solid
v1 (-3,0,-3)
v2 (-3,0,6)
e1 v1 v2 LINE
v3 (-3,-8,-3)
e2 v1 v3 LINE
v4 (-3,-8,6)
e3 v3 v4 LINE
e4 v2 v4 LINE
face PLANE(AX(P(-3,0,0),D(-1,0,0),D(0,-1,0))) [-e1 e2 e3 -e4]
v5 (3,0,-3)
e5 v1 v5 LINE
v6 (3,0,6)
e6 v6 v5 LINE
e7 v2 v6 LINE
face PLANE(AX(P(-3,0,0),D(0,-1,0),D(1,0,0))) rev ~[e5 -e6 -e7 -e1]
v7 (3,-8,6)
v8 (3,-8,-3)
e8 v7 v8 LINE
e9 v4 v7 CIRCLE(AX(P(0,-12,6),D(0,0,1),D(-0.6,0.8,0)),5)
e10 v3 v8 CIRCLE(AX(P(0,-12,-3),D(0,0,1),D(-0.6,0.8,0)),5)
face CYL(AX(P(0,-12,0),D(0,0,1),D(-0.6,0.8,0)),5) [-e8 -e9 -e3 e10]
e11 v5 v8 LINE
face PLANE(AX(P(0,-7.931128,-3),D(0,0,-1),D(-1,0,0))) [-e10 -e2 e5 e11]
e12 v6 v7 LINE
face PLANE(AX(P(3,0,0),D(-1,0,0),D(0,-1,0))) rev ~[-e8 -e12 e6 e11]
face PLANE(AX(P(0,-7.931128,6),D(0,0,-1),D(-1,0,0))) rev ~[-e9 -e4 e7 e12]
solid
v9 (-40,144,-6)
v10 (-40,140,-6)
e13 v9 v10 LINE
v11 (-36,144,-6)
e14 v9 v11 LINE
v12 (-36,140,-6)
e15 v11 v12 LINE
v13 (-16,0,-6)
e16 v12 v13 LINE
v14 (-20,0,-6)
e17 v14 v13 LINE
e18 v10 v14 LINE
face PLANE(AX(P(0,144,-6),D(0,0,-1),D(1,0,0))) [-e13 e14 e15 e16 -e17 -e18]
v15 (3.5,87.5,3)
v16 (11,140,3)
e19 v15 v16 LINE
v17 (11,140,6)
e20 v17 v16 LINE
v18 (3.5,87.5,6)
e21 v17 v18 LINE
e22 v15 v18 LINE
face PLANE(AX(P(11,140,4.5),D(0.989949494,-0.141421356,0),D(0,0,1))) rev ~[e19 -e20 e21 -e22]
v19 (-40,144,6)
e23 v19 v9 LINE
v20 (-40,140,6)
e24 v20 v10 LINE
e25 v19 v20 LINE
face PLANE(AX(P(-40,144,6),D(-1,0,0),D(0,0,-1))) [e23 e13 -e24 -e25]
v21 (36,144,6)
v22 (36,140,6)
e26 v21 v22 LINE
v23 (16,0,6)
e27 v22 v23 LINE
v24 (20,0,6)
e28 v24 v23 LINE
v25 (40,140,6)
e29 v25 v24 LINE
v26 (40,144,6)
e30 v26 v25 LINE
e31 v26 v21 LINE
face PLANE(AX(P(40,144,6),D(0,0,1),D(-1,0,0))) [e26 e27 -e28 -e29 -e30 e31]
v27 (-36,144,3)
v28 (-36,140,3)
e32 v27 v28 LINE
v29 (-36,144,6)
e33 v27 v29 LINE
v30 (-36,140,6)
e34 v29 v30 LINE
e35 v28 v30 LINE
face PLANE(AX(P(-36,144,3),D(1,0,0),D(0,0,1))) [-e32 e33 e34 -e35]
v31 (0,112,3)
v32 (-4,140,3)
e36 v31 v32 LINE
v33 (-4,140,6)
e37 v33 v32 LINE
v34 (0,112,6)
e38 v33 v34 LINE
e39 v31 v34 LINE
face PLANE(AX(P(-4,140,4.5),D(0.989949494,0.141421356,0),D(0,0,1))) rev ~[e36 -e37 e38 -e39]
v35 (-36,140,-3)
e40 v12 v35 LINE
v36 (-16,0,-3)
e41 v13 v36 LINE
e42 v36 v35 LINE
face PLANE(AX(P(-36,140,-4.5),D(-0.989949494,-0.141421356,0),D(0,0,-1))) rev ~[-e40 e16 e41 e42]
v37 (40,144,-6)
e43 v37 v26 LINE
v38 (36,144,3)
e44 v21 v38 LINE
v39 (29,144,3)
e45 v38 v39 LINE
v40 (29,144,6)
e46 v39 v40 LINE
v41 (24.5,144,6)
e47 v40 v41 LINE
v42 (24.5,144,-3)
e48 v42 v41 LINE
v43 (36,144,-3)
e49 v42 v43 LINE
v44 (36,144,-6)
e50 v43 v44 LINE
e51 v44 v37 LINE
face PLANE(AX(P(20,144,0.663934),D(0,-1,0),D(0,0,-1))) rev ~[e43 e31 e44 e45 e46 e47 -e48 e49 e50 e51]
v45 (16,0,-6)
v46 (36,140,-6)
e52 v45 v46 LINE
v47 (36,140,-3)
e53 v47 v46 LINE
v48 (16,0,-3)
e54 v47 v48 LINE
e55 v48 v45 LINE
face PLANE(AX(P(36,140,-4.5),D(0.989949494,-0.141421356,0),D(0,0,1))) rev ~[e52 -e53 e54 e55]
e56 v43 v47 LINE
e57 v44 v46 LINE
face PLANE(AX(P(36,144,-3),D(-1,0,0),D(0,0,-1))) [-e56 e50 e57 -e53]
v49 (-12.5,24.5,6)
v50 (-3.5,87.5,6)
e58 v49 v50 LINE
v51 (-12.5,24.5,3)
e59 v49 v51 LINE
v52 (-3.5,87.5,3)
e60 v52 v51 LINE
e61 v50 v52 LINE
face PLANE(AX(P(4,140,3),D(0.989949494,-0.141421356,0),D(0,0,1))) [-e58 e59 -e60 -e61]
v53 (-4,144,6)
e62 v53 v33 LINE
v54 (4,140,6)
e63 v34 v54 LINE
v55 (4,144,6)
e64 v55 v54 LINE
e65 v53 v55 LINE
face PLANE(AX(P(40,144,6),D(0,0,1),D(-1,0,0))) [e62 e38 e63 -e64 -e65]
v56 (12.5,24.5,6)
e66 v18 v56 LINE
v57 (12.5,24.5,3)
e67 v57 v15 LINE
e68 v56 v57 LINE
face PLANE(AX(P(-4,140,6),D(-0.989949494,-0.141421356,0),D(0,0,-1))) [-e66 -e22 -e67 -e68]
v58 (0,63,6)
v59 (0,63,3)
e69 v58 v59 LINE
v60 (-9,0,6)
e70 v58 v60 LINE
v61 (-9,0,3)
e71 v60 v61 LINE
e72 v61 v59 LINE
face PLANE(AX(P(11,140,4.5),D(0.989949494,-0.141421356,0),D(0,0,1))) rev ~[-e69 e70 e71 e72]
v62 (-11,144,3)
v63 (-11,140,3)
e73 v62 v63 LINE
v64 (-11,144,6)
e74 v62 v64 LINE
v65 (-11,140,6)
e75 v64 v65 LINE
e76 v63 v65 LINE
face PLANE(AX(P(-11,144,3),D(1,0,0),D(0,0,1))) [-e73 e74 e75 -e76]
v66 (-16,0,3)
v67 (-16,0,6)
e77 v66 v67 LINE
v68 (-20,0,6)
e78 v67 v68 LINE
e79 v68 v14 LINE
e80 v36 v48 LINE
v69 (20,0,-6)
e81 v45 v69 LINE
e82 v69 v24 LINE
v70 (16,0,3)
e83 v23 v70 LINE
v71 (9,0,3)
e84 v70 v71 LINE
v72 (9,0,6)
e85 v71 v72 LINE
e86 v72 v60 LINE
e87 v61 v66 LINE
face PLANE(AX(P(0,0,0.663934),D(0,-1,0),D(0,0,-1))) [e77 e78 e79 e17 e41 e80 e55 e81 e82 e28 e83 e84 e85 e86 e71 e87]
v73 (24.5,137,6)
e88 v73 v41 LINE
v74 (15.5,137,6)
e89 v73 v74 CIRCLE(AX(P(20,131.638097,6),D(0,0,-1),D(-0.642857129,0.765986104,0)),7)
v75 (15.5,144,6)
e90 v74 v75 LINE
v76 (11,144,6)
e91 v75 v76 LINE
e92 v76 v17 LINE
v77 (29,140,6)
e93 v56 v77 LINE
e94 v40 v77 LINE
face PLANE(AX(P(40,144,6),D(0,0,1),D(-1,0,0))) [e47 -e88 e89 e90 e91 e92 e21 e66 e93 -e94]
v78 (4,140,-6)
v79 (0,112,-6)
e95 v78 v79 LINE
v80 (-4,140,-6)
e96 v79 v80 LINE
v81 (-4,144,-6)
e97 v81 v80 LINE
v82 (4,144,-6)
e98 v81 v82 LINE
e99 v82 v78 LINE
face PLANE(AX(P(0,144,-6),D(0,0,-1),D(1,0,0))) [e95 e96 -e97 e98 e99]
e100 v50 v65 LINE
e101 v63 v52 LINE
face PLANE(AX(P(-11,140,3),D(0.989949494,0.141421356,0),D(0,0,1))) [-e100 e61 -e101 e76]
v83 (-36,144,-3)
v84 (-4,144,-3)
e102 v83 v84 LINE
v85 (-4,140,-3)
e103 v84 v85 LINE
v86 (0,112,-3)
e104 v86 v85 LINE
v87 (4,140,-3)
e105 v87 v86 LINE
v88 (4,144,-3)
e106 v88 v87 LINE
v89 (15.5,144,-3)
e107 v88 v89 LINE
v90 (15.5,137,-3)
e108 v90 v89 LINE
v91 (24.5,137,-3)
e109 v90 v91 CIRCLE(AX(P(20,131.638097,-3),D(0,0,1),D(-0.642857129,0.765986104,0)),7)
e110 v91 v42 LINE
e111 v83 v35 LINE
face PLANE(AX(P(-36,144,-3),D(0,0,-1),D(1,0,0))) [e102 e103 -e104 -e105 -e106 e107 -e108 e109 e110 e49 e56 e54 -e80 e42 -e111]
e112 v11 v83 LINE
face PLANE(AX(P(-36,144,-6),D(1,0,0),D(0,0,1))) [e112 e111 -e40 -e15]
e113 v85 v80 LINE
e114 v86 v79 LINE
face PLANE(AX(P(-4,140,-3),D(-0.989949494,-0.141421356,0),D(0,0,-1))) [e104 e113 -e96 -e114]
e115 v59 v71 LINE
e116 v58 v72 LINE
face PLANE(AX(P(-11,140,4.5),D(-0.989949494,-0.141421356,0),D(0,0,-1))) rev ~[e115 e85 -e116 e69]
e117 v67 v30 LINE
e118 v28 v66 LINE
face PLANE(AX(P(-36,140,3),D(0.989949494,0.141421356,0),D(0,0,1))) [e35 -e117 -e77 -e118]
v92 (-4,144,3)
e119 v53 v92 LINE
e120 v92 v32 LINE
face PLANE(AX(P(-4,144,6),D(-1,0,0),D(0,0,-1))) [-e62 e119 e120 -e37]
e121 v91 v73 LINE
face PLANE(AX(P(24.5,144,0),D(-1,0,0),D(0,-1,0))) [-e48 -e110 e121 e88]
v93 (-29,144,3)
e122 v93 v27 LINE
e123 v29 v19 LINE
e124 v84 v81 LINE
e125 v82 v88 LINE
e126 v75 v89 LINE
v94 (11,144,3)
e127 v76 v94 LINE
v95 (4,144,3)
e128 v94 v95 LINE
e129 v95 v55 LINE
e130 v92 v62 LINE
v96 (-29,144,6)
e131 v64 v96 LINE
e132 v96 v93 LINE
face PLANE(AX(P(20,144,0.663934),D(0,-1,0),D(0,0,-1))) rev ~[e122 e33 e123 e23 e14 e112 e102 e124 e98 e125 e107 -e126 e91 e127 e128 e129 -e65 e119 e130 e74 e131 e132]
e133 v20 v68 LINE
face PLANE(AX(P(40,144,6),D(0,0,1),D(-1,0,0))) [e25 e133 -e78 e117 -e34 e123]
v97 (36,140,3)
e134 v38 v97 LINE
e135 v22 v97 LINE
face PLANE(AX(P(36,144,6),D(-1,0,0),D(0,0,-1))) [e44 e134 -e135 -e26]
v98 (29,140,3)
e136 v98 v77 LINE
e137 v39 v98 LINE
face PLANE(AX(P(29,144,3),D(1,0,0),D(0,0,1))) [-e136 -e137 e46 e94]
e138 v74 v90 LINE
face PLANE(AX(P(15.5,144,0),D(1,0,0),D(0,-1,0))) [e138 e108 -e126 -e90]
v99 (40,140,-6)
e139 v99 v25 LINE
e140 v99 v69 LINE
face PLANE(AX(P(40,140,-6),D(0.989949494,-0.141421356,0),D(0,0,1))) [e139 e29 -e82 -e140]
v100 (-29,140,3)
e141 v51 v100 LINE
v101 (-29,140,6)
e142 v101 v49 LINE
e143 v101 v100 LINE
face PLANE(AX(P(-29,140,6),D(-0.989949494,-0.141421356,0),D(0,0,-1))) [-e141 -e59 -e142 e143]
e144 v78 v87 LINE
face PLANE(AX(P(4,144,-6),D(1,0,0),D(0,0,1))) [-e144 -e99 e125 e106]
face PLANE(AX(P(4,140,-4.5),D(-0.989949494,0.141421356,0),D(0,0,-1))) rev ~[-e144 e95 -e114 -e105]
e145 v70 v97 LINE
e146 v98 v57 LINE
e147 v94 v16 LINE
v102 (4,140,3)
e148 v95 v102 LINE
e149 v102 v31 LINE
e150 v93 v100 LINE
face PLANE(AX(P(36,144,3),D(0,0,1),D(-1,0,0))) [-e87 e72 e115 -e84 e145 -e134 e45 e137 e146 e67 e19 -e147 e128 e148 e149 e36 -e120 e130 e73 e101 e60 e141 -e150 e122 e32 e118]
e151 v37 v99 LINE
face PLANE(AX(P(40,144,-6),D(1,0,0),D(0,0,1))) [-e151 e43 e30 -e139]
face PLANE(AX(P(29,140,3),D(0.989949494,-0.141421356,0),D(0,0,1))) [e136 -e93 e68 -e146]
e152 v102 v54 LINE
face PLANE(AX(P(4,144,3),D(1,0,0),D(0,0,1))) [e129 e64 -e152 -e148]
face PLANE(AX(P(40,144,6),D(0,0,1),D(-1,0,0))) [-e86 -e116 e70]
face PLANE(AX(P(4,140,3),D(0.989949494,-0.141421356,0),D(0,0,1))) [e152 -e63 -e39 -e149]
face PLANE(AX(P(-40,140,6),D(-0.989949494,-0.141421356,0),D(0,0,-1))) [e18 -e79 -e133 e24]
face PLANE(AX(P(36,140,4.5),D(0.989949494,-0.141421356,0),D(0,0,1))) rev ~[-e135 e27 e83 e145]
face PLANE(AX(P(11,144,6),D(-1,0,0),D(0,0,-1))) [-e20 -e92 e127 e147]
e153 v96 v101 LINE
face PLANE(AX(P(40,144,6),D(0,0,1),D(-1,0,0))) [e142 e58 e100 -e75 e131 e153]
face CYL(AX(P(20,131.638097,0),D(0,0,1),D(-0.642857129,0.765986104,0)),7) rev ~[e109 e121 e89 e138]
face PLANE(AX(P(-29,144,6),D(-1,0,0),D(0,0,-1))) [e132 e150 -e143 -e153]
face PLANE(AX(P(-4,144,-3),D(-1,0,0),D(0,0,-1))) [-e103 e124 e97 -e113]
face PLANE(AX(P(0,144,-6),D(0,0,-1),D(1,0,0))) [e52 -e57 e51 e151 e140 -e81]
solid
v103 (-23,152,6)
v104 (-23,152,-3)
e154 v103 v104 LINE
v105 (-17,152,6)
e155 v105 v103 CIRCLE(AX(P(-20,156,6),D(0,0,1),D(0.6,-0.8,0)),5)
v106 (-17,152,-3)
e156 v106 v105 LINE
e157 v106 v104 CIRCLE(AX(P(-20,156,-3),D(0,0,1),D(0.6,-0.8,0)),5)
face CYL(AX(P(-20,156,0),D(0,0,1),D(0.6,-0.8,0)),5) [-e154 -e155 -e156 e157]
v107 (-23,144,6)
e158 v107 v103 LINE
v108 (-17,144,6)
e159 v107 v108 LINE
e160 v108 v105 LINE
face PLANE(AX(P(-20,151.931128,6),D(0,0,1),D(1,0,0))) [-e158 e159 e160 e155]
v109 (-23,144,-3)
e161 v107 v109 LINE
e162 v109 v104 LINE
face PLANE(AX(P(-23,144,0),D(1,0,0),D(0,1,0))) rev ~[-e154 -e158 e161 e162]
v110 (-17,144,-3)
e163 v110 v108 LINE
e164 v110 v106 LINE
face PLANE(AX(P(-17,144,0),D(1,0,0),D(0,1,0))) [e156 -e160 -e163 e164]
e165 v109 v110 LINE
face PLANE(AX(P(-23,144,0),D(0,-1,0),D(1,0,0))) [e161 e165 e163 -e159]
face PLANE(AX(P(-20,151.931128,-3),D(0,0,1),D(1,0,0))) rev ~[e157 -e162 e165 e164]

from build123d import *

# Parameters (mm, degrees)
SKETCH004_W       = 32
SKETCH004_H       = 3
SKETCH005_W       = 7
SKETCH005_H       = 3
SKETCH006_W       = 7
SKETCH006_H       = 3
POCKET_DEPTH      = 6.001
POCKET_DEPTH_BACK = -6.001
PAD001_DEPTH      = 6
PAD001_DEPTH_BACK = 3
PAD_DEPTH         = 6
PAD_DEPTH_BACK    = 3


with BuildPart() as body:
    # AdditivePipe: sweep along a path in Sketch
    with BuildLine(Plane.XY) as additivepipe_path:
        Line((-20, 144), (-20, 140))
        Line((-20, 140), (0, 0))
    # Sketch002 → AdditivePipe (sweep)
    with BuildSketch(Plane.XZ):
        Polygon((-20, 6), (-20, -6), (-16, -6), (-16, -3), (-9, -3), (9, -3), (16, -3), (16, -6), (20, -6), (20, 6), (16, 6), (16, 3), (9, 3), (9, 6), (-9, 6), (-9, 3), (-16, 3), (-16, 6), align=None)
    sweep(path=additivepipe_path.line)

    # AdditivePipe001: sweep along a path in Sketch001
    with BuildLine(Plane.XY) as additivepipe001_path:
        Line((20, 144), (20, 140))
        Line((20, 140), (0, 0))
    # Sketch002 → AdditivePipe001 (sweep)
    with BuildSketch(Plane.XZ):
        Polygon((-20, 6), (-20, -6), (-16, -6), (-16, -3), (-9, -3), (9, -3), (16, -3), (16, -6), (20, -6), (20, 6), (16, 6), (16, 3), (9, 3), (9, 6), (-9, 6), (-9, 3), (-16, 3), (-16, 6), align=None)
    sweep(path=additivepipe001_path.line)

    # SubtractivePipe: sweep along a path in Sketch
    with BuildLine(Plane.XY) as subtractivepipe_path:
        Line((-20, 144), (-20, 140))
        Line((-20, 140), (0, 0))
    # Sketch004 → SubtractivePipe (sweep, cut)
    with BuildSketch(Plane.XZ):
        with Locations((0, -4.5)):
            Rectangle(SKETCH004_W, SKETCH004_H)
    sweep(path=subtractivepipe_path.line, mode=Mode.SUBTRACT)

    # SubtractivePipe001: sweep along a path in Sketch001
    with BuildLine(Plane.XY) as subtractivepipe001_path:
        Line((20, 144), (20, 140))
        Line((20, 140), (0, 0))
    # Sketch004 → SubtractivePipe001 (sweep, cut)
    with BuildSketch(Plane.XZ):
        with Locations((0, -4.5)):
            Rectangle(SKETCH004_W, SKETCH004_H)
    sweep(path=subtractivepipe001_path.line, mode=Mode.SUBTRACT)

    # SubtractivePipe002: sweep along a path in Sketch
    with BuildLine(Plane.XY) as subtractivepipe002_path:
        Line((-20, 144), (-20, 140))
        Line((-20, 140), (0, 0))
    # Sketch005 → SubtractivePipe002 (sweep, cut)
    with BuildSketch(Plane.XZ):
        with Locations((-12.5, 4.5)):
            Rectangle(SKETCH005_W, SKETCH005_H)
    sweep(path=subtractivepipe002_path.line, mode=Mode.SUBTRACT)

    # SubtractivePipe003: sweep along a path in Sketch001
    with BuildLine(Plane.XY) as subtractivepipe003_path:
        Line((20, 144), (20, 140))
        Line((20, 140), (0, 0))
    # Sketch005 → SubtractivePipe003 (sweep, cut)
    with BuildSketch(Plane.XZ):
        with Locations((-12.5, 4.5)):
            Rectangle(SKETCH005_W, SKETCH005_H)
    sweep(path=subtractivepipe003_path.line, mode=Mode.SUBTRACT)

    # SubtractivePipe004: sweep along a path in Sketch
    with BuildLine(Plane.XY) as subtractivepipe004_path:
        Line((-20, 144), (-20, 140))
        Line((-20, 140), (0, 0))
    # Sketch006 → SubtractivePipe004 (sweep, cut)
    with BuildSketch(Plane.XZ):
        with Locations((12.5, 4.5)):
            Rectangle(SKETCH006_W, SKETCH006_H)
    sweep(path=subtractivepipe004_path.line, mode=Mode.SUBTRACT)

    # SubtractivePipe005: sweep along a path in Sketch001
    with BuildLine(Plane.XY) as subtractivepipe005_path:
        Line((20, 144), (20, 140))
        Line((20, 140), (0, 0))
    # Sketch006 → SubtractivePipe005 (sweep, cut)
    with BuildSketch(Plane.XZ):
        with Locations((12.5, 4.5)):
            Rectangle(SKETCH006_W, SKETCH006_H)
    sweep(path=subtractivepipe005_path.line, mode=Mode.SUBTRACT)

    # Sketch008 → Pocket (cut, two sides)
    with BuildSketch(Plane.XY) as pocket_sk:
        with BuildLine():
            Line((15.5, 144), (24.5, 144))
            Line((24.5, 144), (24.5, 137))
            ThreePointArc((15.5, 137), (20, 124.638097), (24.5, 137))
            Line((15.5, 144), (15.5, 137))
        make_face()
    extrude(amount=-POCKET_DEPTH, mode=Mode.SUBTRACT)
    extrude(pocket_sk.sketch, amount=-POCKET_DEPTH_BACK, mode=Mode.SUBTRACT)


with BuildPart() as male2:
    # Sketch010 → Pad001 (new body, two sides)
    with BuildSketch(Plane.XY) as pad001_sk:
        with BuildLine():
            Line((-23, 144), (-17, 144))
            Line((-17, 144), (-17, 152))
            ThreePointArc((-17, 152), (-20, 161), (-23, 152))
            Line((-23, 144), (-23, 152))
        make_face()
    extrude(amount=PAD001_DEPTH)
    extrude(pad001_sk.sketch, amount=-PAD001_DEPTH_BACK)


with BuildPart() as body001:
    # Sketch009 → Pad (new body, two sides)
    with BuildSketch(Plane.XY) as pad_sk:
        with BuildLine():
            Line((-3, 0), (3, 0))
            Line((3, 0), (3, -8))
            ThreePointArc((-3, -8), (0, -17), (3, -8))
            Line((-3, 0), (-3, -8))
        make_face()
    extrude(amount=PAD_DEPTH)
    extrude(pad_sk.sketch, amount=-PAD_DEPTH_BACK)


solid = Compound([body.part, male2.part, body001.part])
